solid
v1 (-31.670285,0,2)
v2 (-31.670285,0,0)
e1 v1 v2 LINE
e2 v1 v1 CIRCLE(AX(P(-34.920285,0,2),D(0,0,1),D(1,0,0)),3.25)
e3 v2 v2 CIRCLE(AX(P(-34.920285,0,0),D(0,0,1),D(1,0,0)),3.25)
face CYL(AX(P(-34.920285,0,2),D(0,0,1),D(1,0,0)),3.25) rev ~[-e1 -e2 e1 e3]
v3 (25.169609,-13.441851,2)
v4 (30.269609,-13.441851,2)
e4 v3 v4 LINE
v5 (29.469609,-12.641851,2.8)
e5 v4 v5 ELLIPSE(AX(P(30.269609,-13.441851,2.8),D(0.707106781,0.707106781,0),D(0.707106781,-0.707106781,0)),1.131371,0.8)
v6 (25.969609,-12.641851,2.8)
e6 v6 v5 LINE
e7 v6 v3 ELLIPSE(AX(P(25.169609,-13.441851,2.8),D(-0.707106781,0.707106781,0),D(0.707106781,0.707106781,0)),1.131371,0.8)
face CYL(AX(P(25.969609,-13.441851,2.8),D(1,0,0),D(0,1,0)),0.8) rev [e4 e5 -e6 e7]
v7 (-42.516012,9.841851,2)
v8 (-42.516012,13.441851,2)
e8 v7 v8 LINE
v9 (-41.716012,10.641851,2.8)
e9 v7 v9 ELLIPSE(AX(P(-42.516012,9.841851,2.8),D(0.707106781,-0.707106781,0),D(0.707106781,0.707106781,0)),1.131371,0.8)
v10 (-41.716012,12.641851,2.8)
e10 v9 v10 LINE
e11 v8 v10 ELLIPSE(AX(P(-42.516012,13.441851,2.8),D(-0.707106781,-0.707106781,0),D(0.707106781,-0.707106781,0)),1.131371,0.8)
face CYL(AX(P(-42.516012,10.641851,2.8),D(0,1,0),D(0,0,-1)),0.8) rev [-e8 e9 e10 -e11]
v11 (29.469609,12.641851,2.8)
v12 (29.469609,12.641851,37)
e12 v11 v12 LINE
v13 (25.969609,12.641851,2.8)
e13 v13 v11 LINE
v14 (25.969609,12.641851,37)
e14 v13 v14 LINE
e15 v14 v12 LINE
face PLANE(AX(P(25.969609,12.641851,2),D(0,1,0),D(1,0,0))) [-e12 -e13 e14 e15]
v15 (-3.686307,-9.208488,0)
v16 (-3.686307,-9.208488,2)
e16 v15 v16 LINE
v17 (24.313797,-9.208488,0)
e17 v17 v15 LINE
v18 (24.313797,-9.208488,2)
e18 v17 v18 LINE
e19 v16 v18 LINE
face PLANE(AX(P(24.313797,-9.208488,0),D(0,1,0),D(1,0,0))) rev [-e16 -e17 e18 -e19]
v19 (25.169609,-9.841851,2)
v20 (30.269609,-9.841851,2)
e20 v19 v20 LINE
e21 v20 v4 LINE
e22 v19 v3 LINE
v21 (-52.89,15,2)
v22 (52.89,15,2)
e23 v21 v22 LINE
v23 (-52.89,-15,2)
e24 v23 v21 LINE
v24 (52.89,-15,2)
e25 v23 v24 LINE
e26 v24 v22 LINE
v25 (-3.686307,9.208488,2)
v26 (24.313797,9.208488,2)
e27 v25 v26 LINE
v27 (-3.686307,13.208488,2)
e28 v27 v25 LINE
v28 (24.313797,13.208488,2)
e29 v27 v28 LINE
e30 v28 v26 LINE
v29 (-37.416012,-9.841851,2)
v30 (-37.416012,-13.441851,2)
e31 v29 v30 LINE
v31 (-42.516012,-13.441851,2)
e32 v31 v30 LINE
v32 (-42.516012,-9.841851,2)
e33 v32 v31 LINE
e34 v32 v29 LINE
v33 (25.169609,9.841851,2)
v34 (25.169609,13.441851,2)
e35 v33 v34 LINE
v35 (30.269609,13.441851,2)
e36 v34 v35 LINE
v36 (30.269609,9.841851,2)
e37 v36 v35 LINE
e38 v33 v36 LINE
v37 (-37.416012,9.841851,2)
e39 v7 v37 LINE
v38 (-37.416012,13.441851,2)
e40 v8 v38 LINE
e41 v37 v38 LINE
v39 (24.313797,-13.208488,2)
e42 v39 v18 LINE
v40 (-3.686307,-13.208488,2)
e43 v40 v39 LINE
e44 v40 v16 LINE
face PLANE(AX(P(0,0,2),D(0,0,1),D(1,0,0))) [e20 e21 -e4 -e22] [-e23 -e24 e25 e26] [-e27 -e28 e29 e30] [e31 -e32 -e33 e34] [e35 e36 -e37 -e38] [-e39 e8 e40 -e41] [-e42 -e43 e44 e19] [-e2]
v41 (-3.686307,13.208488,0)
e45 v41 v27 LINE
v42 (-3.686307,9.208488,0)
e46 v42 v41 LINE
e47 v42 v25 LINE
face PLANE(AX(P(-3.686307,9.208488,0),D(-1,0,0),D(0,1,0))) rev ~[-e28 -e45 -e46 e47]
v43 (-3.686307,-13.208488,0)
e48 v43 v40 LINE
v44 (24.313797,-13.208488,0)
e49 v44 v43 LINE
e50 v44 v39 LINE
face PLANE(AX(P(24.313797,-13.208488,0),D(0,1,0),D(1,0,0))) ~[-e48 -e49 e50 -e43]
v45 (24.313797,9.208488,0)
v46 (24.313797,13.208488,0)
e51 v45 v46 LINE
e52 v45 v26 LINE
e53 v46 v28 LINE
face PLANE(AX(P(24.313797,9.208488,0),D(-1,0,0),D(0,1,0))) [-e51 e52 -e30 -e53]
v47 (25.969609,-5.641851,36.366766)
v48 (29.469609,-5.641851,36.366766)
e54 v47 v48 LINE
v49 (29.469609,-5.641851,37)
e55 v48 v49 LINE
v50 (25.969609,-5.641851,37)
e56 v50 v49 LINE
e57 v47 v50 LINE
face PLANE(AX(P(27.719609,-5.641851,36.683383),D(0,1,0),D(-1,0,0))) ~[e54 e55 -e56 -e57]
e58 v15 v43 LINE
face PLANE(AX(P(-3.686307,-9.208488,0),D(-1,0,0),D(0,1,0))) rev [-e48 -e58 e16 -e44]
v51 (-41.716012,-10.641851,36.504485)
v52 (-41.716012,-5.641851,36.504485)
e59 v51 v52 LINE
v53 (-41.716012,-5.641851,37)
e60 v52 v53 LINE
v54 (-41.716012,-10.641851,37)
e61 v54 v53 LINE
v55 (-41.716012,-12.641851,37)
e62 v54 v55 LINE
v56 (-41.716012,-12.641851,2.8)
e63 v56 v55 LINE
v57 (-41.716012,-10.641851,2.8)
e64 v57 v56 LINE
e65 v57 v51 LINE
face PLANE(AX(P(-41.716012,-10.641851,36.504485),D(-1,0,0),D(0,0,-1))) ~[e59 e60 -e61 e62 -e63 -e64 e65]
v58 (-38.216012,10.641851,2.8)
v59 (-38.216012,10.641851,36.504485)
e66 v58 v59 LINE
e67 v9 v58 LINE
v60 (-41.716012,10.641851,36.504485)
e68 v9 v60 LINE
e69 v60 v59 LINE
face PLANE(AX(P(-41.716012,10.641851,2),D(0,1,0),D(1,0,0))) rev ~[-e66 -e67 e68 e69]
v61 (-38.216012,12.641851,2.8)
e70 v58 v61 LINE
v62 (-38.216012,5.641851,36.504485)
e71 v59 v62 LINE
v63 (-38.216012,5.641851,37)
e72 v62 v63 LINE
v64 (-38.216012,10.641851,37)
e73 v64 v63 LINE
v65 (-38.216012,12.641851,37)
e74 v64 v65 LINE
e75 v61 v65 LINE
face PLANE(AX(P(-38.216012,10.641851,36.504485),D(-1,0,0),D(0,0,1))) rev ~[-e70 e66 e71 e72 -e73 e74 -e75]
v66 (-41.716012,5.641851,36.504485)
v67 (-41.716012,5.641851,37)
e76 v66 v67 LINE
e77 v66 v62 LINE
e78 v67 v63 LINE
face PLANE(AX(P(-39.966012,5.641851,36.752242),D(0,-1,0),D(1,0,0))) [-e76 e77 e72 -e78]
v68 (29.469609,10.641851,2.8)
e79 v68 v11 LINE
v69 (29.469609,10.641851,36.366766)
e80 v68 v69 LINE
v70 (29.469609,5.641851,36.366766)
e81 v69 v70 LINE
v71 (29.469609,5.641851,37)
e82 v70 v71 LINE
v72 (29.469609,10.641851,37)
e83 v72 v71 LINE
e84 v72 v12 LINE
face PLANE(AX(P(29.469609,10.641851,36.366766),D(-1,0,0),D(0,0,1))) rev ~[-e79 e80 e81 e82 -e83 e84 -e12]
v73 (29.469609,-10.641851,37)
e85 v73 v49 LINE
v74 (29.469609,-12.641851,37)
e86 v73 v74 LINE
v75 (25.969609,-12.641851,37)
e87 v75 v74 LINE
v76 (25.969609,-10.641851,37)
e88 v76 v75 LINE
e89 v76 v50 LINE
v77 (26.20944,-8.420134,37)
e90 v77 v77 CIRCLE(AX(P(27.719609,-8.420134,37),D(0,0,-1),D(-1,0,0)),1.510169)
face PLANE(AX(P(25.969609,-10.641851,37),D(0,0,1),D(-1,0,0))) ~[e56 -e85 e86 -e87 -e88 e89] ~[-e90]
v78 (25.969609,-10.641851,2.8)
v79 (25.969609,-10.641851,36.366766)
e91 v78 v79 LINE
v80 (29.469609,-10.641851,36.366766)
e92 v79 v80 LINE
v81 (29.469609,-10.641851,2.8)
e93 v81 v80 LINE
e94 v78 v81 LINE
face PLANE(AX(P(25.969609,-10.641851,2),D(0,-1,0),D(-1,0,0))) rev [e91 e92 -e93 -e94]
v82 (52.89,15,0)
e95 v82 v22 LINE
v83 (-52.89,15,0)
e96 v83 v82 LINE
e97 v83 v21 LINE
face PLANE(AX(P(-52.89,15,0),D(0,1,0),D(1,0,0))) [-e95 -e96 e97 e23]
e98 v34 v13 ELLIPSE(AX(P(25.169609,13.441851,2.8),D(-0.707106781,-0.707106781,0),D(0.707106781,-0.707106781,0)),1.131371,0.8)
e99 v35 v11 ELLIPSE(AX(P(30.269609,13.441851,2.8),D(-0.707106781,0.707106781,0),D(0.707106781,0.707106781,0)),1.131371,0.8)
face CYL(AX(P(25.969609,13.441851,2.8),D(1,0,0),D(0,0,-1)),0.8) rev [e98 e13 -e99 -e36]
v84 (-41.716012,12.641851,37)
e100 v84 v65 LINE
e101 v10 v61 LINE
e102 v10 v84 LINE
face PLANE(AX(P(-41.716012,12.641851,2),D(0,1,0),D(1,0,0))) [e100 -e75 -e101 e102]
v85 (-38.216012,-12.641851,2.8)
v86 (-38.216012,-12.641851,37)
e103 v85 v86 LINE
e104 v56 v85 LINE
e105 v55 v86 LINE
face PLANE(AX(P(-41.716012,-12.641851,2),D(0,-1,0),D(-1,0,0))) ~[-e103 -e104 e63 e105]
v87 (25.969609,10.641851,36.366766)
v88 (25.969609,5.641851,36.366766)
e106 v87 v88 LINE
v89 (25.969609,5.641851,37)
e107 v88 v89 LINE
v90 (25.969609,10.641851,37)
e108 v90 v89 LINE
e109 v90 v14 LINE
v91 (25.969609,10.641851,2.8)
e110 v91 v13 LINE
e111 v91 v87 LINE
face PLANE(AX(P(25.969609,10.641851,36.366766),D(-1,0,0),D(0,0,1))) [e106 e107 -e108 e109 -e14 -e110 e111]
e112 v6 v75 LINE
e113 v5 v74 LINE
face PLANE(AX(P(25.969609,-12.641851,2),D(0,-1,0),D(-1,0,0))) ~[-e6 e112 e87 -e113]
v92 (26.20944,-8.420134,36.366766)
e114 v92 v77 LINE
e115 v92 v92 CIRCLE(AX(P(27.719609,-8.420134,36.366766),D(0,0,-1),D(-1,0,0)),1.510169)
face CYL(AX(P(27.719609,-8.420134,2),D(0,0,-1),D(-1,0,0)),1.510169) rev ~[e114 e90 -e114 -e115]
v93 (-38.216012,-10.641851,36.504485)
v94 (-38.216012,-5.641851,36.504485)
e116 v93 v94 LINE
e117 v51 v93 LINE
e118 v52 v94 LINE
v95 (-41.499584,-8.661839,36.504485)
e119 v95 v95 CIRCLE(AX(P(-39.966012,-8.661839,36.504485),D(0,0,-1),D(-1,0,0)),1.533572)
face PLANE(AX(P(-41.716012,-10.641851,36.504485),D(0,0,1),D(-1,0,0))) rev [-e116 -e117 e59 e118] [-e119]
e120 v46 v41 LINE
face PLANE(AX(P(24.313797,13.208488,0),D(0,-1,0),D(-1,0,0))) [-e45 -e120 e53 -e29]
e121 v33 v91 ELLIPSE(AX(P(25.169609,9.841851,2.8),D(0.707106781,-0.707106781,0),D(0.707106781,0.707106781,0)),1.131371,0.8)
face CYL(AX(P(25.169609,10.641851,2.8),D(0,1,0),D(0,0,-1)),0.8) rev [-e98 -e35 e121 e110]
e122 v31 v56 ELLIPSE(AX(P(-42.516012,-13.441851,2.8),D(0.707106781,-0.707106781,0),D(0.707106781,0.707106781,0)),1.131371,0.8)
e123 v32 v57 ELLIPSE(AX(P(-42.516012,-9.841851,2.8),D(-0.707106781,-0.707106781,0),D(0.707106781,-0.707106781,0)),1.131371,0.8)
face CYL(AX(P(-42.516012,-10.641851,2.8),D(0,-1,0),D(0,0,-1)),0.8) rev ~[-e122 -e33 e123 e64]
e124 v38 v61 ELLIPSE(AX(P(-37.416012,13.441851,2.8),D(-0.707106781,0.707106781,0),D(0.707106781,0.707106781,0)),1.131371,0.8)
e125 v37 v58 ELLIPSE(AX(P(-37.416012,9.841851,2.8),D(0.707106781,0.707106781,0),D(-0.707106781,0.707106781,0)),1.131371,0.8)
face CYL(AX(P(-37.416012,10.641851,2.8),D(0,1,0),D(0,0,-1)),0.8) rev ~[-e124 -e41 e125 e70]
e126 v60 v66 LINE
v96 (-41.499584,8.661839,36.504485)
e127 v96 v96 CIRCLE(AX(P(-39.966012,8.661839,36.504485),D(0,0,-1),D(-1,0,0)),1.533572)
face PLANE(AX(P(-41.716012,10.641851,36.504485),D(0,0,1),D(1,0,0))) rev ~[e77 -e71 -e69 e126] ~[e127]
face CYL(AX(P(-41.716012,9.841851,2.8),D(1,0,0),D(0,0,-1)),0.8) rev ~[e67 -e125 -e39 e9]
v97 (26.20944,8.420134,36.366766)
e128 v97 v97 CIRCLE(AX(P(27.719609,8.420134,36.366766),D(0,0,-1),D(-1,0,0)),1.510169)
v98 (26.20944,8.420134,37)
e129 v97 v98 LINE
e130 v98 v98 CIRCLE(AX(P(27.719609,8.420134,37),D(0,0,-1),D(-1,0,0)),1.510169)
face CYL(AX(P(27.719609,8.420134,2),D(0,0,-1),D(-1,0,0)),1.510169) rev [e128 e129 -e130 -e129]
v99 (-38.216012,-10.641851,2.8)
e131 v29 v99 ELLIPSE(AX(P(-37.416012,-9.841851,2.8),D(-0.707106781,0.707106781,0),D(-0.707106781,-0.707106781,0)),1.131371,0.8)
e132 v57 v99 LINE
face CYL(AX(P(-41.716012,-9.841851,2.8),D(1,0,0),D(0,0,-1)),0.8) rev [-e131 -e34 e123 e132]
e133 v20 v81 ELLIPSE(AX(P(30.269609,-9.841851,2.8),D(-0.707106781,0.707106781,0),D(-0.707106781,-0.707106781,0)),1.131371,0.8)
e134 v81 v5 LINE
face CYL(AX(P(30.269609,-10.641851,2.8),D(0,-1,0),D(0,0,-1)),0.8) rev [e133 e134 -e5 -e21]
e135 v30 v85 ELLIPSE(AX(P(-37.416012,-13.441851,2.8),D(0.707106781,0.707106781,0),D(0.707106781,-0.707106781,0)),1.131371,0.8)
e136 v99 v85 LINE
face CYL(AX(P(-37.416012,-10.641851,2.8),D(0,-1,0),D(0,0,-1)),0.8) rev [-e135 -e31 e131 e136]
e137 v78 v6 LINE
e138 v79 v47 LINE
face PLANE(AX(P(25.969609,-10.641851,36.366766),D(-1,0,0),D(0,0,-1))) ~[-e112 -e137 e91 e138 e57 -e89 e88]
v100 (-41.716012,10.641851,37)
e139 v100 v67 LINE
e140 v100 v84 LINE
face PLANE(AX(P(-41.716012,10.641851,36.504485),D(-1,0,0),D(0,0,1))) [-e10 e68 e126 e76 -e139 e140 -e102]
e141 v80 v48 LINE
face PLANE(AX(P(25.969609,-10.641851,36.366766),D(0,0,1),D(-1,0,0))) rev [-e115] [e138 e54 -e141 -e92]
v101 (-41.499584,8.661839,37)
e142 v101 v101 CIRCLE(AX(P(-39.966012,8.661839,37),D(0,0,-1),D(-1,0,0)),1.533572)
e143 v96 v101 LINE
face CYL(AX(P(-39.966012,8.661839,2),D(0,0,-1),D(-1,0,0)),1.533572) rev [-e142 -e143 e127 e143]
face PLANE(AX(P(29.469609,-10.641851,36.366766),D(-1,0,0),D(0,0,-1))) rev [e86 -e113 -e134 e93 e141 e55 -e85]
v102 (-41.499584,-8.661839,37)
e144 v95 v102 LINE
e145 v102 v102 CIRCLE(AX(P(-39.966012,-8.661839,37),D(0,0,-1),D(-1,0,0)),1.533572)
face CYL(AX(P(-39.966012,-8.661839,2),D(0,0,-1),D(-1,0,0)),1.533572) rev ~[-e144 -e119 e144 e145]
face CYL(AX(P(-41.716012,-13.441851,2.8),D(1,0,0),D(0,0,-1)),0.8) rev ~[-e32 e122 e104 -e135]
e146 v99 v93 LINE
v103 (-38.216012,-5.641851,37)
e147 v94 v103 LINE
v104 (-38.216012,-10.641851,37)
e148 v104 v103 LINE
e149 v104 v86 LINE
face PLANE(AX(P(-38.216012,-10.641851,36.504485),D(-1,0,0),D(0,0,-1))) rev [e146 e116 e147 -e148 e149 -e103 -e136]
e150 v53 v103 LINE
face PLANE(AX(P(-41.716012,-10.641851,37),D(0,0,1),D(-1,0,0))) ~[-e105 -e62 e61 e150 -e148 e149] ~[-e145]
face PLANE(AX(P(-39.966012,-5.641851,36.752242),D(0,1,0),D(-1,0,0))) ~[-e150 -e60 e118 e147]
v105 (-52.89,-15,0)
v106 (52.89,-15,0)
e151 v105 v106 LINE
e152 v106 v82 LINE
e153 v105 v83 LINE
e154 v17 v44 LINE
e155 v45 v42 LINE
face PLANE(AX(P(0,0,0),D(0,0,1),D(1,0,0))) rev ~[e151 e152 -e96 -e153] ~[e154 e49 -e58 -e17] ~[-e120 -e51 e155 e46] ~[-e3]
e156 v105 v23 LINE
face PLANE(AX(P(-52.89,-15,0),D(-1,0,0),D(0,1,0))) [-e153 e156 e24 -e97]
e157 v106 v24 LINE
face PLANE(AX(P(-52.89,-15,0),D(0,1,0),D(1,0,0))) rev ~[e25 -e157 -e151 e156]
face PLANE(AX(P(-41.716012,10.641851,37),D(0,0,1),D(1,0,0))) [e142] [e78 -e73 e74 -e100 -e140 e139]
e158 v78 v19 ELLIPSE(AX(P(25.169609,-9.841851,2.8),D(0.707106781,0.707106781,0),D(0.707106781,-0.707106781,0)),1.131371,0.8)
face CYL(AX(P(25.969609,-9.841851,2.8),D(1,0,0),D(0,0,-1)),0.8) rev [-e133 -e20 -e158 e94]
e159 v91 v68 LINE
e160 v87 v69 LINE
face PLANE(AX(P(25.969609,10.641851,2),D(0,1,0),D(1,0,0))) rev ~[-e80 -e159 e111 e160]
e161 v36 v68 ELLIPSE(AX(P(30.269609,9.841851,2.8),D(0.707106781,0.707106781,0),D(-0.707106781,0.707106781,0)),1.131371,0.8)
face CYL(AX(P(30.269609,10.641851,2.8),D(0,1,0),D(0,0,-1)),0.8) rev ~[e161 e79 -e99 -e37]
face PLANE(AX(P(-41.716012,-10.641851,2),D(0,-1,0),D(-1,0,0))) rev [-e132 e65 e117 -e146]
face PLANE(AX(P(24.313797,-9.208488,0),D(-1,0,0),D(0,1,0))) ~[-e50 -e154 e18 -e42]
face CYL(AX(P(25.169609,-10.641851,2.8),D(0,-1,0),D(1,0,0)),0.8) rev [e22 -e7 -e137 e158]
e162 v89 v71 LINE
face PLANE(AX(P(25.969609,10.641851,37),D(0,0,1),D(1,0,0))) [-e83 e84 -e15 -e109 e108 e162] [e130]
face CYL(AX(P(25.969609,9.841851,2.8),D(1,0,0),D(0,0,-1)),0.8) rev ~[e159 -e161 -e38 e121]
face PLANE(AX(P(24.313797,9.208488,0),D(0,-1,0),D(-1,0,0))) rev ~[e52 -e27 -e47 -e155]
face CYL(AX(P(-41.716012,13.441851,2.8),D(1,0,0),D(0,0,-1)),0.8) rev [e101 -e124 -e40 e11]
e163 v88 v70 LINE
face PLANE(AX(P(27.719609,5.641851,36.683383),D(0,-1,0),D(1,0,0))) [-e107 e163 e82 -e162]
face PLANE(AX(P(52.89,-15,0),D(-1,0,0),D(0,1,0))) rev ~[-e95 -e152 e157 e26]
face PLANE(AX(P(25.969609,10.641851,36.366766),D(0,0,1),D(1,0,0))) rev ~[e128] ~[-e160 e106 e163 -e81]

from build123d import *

# Parameters (mm, degrees)
SKETCH1_W           = 105.78
SKETCH1_H           = 30
BOSS_EXTRUDE1_DEPTH = 2
SKETCH5_W           = 3.5
SKETCH5_H           = 2
BOSS_EXTRUDE2_DEPTH = 35
SKETCH6_W           = 3.5
SKETCH6_H           = 2
BOSS_EXTRUDE3_DEPTH = 35
SKETCH7_W           = 3.5
SKETCH7_H           = 0.495515405
BOSS_EXTRUDE4_DEPTH = 5
SKETCH9_W           = 3.5
SKETCH9_H           = 0.633233513
BOSS_EXTRUDE5_DEPTH = 5
SKETCH10_R          = 1.510168907
CUT_EXTRUDE2_DEPTH  = 72
SKETCH11_R          = 1.533572267
CUT_EXTRUDE3_DEPTH  = 42
SKETCH12_R          = 3.25
CUT_EXTRUDE4_DEPTH  = 15
FILLET1_R           = 0.8
SKETCH13_W          = 28.000104313
SKETCH13_H          = 4
CUT_EXTRUDE5_DEPTH  = 10


with BuildPart() as part:
    # Sketch1 → Boss-Extrude1 (new body)
    with BuildSketch(Plane.XY):
        Rectangle(SKETCH1_W, SKETCH1_H)
    extrude(amount=BOSS_EXTRUDE1_DEPTH)

    # Sketch5 → Boss-Extrude2 (add)
    with BuildSketch(Plane.XY.offset(2)):
        with Locations((27.719609025, 11.641851008)):
            Rectangle(SKETCH5_W, SKETCH5_H)
    boss_extrude2 = extrude(amount=BOSS_EXTRUDE2_DEPTH)

    # Sketch6 → Boss-Extrude3 (add)
    with BuildSketch(Plane.XY.offset(2)):
        with Locations((-39.966011677, 11.641851008)):
            Rectangle(SKETCH6_W, SKETCH6_H)
    boss_extrude3 = extrude(amount=BOSS_EXTRUDE3_DEPTH)

    # Sketch7 → Boss-Extrude4 (add)
    with BuildSketch(Plane.XZ.offset(-10.641851008)):
        with Locations((-39.966011677, 36.752242298)):
            Rectangle(SKETCH7_W, SKETCH7_H)
    boss_extrude4 = extrude(amount=BOSS_EXTRUDE4_DEPTH)

    # Sketch9 → Boss-Extrude5 (add)
    with BuildSketch(Plane.XZ.offset(-10.641851008)):
        with Locations((27.719609025, 36.683383244)):
            Rectangle(SKETCH9_W, SKETCH9_H)
    boss_extrude5 = extrude(amount=BOSS_EXTRUDE5_DEPTH)

    # Sketch10 → Cut-Extrude2 (cut)
    with BuildSketch(Plane.XY.offset(2)):
        with Locations(Location((27.719609025, 8.420134131, 0), (0, 0, 180))):
            Circle(SKETCH10_R)
    cut_extrude2 = extrude(amount=CUT_EXTRUDE2_DEPTH, mode=Mode.SUBTRACT)

    # Sketch11 → Cut-Extrude3 (cut)
    with BuildSketch(Plane.XY.offset(2)):
        with Locations(Location((-39.966011677, 8.661839338, 0), (0, 0, 180))):
            Circle(SKETCH11_R)
    cut_extrude3 = extrude(amount=CUT_EXTRUDE3_DEPTH, mode=Mode.SUBTRACT)

    # Mirror2: Boss-Extrude2, Boss-Extrude3, Boss-Extrude4, Boss-Extrude5, Cut-Extrude2, Cut-Extrude3 across plane
    add(boss_extrude2.mirror(Plane.ZX))
    add(boss_extrude3.mirror(Plane.ZX))
    add(boss_extrude4.mirror(Plane.ZX))
    add(boss_extrude5.mirror(Plane.ZX))
    add(cut_extrude2.mirror(Plane.ZX), mode=Mode.SUBTRACT)
    add(cut_extrude3.mirror(Plane.ZX), mode=Mode.SUBTRACT)

    # Sketch12 → Cut-Extrude4 (cut)
    with BuildSketch(Plane.XY.offset(2)):
        with Locations((-34.920285351, 0)):
            Circle(SKETCH12_R)
    extrude(amount=-CUT_EXTRUDE4_DEPTH, mode=Mode.SUBTRACT)

    # Fillet1
    fillet1_edges = [part.edges().sort_by_distance(p)[0] for p in [
        (29.469609025, 11.641851008, 2),
        (27.719609025, 12.641851008, 2),
        (25.969609025, 11.641851008, 2),
        (27.719609025, 10.641851008, 2),
        (-38.216011677, 11.641851008, 2),
        (-39.966011677, 12.641851008, 2),
        (-41.716011677, 11.641851008, 2),
        (-39.966011677, 10.641851008, 2),
        (29.469609025, -11.641851008, 2),
        (27.719609025, -12.641851008, 2),
        (25.969609025, -11.641851008, 2),
        (27.719609025, -10.641851008, 2),
        (-38.216011677, -11.641851008, 2),
        (-39.966011677, -12.641851008, 2),
        (-41.716011677, -11.641851008, 2),
        (-39.966011677, -10.641851008, 2),
    ]]
    fillet(fillet1_edges, radius=FILLET1_R)

    # Sketch13 → Cut-Extrude5 (cut)
    with BuildSketch(Plane(origin=(0, 0, 0), x_dir=(-1, 0, 0), z_dir=(0, 0, -1))):
        with Locations((-10.313745058, 11.208488392)):
            Rectangle(SKETCH13_W, SKETCH13_H)
    cut_extrude5 = extrude(amount=-CUT_EXTRUDE5_DEPTH, mode=Mode.SUBTRACT)

    # Mirror3: Cut-Extrude5 across plane
    add(cut_extrude5.mirror(Plane.ZX), mode=Mode.SUBTRACT)


solid = part.part
